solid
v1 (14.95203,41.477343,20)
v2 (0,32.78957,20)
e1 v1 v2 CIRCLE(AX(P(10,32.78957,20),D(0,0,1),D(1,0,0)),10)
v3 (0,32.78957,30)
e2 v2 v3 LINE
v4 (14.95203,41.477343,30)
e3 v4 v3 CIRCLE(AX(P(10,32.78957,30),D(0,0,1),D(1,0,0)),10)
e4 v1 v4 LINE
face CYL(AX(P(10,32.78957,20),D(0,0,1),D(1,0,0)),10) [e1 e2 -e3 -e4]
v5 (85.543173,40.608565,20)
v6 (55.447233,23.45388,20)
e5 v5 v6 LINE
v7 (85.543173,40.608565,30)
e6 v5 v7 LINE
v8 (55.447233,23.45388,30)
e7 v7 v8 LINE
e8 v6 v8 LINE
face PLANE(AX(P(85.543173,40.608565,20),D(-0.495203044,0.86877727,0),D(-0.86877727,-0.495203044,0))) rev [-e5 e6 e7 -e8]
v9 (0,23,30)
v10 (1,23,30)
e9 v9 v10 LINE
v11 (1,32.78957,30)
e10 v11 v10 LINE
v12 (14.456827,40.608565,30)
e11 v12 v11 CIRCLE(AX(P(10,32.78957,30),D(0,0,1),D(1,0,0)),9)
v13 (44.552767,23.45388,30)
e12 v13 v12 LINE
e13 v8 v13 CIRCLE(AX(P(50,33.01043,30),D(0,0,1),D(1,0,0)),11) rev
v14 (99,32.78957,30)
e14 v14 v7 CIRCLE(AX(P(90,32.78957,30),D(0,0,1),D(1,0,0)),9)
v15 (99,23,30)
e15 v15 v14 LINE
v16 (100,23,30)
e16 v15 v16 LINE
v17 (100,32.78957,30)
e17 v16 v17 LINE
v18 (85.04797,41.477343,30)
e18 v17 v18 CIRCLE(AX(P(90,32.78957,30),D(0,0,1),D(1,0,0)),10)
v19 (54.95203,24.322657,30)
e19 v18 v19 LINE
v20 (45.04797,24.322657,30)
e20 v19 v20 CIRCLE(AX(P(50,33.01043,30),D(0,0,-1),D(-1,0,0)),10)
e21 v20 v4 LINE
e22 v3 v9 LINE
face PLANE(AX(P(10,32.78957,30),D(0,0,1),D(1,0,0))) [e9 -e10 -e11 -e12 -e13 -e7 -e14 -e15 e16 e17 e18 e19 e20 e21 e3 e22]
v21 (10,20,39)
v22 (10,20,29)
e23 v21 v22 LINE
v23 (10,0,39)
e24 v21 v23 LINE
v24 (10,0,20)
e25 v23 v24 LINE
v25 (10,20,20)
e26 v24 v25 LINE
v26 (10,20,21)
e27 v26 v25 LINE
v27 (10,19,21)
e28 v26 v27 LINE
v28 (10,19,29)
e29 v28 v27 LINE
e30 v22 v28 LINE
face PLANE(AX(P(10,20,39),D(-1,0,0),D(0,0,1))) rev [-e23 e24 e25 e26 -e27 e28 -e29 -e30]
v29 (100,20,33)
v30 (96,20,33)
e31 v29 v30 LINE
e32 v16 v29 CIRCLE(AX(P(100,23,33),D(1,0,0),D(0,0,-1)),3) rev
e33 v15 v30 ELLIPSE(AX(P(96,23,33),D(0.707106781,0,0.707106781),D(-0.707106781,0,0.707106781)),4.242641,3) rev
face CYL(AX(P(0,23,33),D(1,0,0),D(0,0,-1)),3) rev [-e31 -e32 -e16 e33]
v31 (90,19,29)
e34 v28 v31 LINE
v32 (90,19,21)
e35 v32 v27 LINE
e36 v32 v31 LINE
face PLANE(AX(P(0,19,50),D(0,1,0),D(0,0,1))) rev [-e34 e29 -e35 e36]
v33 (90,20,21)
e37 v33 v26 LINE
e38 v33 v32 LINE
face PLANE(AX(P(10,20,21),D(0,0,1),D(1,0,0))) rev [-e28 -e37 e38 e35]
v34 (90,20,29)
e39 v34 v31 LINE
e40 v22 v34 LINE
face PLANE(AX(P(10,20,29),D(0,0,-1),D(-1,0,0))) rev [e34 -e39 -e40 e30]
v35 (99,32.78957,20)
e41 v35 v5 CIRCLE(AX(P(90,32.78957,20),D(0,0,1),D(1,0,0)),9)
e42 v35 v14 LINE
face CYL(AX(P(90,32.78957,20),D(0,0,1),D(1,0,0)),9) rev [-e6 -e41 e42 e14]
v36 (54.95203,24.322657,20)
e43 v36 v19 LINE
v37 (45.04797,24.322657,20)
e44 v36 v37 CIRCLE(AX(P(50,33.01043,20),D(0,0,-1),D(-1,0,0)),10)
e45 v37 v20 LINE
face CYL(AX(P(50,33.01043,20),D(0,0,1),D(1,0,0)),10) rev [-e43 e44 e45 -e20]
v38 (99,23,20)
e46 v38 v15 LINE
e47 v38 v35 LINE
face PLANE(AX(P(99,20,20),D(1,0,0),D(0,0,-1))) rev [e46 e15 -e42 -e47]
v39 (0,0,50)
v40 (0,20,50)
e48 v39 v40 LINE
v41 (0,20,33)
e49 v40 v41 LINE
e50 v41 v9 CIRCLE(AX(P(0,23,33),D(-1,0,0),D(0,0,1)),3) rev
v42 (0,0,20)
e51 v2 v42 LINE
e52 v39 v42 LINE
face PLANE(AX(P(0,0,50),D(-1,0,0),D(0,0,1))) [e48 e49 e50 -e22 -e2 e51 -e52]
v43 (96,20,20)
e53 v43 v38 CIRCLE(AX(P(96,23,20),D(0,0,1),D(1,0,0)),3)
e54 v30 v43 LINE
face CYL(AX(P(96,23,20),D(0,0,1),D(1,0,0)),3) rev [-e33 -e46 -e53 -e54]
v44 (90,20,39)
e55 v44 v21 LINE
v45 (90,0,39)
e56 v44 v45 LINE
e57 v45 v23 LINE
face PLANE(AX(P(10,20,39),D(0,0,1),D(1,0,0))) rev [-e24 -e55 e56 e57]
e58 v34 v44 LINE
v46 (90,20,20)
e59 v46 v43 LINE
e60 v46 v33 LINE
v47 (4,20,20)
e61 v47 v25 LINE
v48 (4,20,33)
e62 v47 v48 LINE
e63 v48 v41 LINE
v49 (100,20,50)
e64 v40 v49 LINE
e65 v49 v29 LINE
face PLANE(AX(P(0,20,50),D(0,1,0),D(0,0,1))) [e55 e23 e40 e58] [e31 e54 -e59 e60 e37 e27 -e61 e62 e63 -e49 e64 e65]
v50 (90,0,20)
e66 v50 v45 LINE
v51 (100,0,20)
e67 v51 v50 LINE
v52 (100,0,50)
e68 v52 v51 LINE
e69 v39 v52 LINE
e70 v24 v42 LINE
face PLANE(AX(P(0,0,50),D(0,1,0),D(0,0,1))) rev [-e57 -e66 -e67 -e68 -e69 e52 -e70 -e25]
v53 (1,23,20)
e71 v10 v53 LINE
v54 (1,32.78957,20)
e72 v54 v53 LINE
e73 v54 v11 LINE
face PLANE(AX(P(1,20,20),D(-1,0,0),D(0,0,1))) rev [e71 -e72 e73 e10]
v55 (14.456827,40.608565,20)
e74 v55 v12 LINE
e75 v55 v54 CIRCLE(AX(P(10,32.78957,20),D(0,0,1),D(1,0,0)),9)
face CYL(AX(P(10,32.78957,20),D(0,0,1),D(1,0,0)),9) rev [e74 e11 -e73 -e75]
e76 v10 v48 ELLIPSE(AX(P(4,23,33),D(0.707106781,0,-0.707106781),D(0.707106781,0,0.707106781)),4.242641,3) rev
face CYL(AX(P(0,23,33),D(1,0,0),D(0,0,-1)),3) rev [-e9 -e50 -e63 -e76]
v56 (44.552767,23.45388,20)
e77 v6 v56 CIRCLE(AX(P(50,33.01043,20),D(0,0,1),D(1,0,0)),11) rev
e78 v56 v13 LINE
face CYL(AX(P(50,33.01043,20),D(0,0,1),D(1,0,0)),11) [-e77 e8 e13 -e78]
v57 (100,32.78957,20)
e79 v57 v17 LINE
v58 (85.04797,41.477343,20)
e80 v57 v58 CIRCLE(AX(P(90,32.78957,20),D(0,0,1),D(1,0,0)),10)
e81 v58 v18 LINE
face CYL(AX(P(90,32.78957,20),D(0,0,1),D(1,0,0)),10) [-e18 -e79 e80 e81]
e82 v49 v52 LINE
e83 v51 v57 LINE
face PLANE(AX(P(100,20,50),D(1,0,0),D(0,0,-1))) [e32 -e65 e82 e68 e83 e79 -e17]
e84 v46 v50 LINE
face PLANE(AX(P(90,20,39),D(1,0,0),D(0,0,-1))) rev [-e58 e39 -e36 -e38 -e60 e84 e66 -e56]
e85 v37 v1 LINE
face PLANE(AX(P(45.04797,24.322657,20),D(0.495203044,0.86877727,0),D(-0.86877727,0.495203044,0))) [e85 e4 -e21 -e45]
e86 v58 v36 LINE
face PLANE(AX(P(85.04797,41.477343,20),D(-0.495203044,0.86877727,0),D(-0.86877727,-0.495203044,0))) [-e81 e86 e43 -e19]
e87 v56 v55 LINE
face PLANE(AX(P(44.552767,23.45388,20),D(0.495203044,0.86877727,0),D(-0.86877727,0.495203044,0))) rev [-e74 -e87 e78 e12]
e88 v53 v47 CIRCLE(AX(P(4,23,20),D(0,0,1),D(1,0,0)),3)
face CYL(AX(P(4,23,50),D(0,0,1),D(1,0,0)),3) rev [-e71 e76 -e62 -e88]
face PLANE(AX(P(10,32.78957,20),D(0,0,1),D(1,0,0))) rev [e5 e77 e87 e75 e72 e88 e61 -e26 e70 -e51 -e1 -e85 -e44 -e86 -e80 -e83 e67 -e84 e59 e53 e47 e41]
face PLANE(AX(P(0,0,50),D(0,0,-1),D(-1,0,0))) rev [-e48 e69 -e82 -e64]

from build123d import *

# Parameters (mm, degrees)
SKIZZE1_W                         = 100
SKIZZE1_H                         = 20
AUFSATZ_LINEAR_AUSTRAGEN1_DEPTH   = 50
SKIZZE3_W                         = 80
SKIZZE3_H                         = 10
SCHNITT_LINEAR_AUSTRAGEN1_DEPTH   = 21
SKIZZE4_W                         = 80
SKIZZE4_H                         = 18
SCHNITT_LINEAR_AUSTRAGEN2_DEPTH   = 19
LINEAR_AUSTRAGEN_D_NN1_DEPTH      = 5
LINEAR_AUSTRAGEN_D_NN1_DEPTH_BACK = 5
SKIZZE5_W                         = 100
SKIZZE5_H                         = 20
SCHNITT_LINEAR_AUSTRAGEN3_DEPTH   = 20
VERRUNDUNG1_R                     = 3


with BuildPart() as part:
    # Skizze1 → Aufsatz-Linear austragen1 (new body)
    with BuildSketch(Plane.XY):
        with Locations((50, 10)):
            Rectangle(SKIZZE1_W, SKIZZE1_H)
    extrude(amount=AUFSATZ_LINEAR_AUSTRAGEN1_DEPTH)

    # Skizze3 → Schnitt-Linear austragen1 (cut, through all)
    with BuildSketch(Plane.XZ):
        with Locations((50, 34)):
            Rectangle(SKIZZE3_W, SKIZZE3_H)
        with Locations((50, 16)):
            Rectangle(SKIZZE3_W, SKIZZE3_H)
    extrude(amount=-SCHNITT_LINEAR_AUSTRAGEN1_DEPTH, mode=Mode.SUBTRACT)

    # Skizze4 → Schnitt-Linear austragen2 (cut)
    with BuildSketch(Plane.XZ):
        with Locations((50, 25)):
            Rectangle(SKIZZE4_W, SKIZZE4_H)
    extrude(amount=-SCHNITT_LINEAR_AUSTRAGEN2_DEPTH, mode=Mode.SUBTRACT)

    # Skizze2 → Linear-Austragen-Dünn1 (add, two sides)
    with BuildSketch(Plane.XY.offset(25)) as linear_austragen_d_nn1_sk:
        with BuildLine():
            Line((0, 20), (0, 32.789569947))
            ThreePointArc((0, 32.789569947), (4.976072473, 41.435965277), (14.95203044, 41.477342649))
            Line((14.95203044, 41.477342649), (45.04796956, 24.322657351))
            ThreePointArc((45.04796956, 24.322657351), (50, 23.010430053), (54.95203044, 24.322657351))
            Line((54.95203044, 24.322657351), (85.04796956, 41.477342649))
            ThreePointArc((85.04796956, 41.477342649), (95.023927527, 41.435965277), (100, 32.789569947))
            Line((100, 32.789569947), (100, 20))
            Line((100, 20), (99, 20))
            Line((99, 20), (99, 32.789569947))
            ThreePointArc((99, 32.789569947), (94.521534775, 40.571325744), (85.543172604, 40.608565379))
            Line((85.543172604, 40.608565379), (55.447233484, 23.453880081))
            ThreePointArc((55.447233484, 23.453880081), (50, 22.010430053), (44.552766516, 23.453880081))
            Line((44.552766516, 23.453880081), (14.456827396, 40.608565379))
            ThreePointArc((14.456827396, 40.608565379), (5.478465225, 40.571325744), (1, 32.789569947))
            Line((1, 32.789569947), (1, 20))
            Line((1, 20), (0, 20))
        make_face()
    extrude(amount=LINEAR_AUSTRAGEN_D_NN1_DEPTH)
    extrude(linear_austragen_d_nn1_sk.sketch, amount=-LINEAR_AUSTRAGEN_D_NN1_DEPTH_BACK)

    # Skizze5 → Schnitt-Linear austragen3 (cut)
    with BuildSketch(Plane(origin=(0, 0, 0), x_dir=(-1, 0, 0), z_dir=(0, 0, -1))):
        with Locations((-50, 10)):
            Rectangle(SKIZZE5_W, SKIZZE5_H)
    extrude(amount=-SCHNITT_LINEAR_AUSTRAGEN3_DEPTH, mode=Mode.SUBTRACT)

    # Verrundung1
    verrundung1_edges = [part.edges().sort_by_distance(p)[0] for p in [
        (99.5, 20, 30),
        (99, 20, 25),
        (1, 20, 25),
        (0.5, 20, 30),
    ]]
    fillet(verrundung1_edges, radius=VERRUNDUNG1_R)


solid = part.part
